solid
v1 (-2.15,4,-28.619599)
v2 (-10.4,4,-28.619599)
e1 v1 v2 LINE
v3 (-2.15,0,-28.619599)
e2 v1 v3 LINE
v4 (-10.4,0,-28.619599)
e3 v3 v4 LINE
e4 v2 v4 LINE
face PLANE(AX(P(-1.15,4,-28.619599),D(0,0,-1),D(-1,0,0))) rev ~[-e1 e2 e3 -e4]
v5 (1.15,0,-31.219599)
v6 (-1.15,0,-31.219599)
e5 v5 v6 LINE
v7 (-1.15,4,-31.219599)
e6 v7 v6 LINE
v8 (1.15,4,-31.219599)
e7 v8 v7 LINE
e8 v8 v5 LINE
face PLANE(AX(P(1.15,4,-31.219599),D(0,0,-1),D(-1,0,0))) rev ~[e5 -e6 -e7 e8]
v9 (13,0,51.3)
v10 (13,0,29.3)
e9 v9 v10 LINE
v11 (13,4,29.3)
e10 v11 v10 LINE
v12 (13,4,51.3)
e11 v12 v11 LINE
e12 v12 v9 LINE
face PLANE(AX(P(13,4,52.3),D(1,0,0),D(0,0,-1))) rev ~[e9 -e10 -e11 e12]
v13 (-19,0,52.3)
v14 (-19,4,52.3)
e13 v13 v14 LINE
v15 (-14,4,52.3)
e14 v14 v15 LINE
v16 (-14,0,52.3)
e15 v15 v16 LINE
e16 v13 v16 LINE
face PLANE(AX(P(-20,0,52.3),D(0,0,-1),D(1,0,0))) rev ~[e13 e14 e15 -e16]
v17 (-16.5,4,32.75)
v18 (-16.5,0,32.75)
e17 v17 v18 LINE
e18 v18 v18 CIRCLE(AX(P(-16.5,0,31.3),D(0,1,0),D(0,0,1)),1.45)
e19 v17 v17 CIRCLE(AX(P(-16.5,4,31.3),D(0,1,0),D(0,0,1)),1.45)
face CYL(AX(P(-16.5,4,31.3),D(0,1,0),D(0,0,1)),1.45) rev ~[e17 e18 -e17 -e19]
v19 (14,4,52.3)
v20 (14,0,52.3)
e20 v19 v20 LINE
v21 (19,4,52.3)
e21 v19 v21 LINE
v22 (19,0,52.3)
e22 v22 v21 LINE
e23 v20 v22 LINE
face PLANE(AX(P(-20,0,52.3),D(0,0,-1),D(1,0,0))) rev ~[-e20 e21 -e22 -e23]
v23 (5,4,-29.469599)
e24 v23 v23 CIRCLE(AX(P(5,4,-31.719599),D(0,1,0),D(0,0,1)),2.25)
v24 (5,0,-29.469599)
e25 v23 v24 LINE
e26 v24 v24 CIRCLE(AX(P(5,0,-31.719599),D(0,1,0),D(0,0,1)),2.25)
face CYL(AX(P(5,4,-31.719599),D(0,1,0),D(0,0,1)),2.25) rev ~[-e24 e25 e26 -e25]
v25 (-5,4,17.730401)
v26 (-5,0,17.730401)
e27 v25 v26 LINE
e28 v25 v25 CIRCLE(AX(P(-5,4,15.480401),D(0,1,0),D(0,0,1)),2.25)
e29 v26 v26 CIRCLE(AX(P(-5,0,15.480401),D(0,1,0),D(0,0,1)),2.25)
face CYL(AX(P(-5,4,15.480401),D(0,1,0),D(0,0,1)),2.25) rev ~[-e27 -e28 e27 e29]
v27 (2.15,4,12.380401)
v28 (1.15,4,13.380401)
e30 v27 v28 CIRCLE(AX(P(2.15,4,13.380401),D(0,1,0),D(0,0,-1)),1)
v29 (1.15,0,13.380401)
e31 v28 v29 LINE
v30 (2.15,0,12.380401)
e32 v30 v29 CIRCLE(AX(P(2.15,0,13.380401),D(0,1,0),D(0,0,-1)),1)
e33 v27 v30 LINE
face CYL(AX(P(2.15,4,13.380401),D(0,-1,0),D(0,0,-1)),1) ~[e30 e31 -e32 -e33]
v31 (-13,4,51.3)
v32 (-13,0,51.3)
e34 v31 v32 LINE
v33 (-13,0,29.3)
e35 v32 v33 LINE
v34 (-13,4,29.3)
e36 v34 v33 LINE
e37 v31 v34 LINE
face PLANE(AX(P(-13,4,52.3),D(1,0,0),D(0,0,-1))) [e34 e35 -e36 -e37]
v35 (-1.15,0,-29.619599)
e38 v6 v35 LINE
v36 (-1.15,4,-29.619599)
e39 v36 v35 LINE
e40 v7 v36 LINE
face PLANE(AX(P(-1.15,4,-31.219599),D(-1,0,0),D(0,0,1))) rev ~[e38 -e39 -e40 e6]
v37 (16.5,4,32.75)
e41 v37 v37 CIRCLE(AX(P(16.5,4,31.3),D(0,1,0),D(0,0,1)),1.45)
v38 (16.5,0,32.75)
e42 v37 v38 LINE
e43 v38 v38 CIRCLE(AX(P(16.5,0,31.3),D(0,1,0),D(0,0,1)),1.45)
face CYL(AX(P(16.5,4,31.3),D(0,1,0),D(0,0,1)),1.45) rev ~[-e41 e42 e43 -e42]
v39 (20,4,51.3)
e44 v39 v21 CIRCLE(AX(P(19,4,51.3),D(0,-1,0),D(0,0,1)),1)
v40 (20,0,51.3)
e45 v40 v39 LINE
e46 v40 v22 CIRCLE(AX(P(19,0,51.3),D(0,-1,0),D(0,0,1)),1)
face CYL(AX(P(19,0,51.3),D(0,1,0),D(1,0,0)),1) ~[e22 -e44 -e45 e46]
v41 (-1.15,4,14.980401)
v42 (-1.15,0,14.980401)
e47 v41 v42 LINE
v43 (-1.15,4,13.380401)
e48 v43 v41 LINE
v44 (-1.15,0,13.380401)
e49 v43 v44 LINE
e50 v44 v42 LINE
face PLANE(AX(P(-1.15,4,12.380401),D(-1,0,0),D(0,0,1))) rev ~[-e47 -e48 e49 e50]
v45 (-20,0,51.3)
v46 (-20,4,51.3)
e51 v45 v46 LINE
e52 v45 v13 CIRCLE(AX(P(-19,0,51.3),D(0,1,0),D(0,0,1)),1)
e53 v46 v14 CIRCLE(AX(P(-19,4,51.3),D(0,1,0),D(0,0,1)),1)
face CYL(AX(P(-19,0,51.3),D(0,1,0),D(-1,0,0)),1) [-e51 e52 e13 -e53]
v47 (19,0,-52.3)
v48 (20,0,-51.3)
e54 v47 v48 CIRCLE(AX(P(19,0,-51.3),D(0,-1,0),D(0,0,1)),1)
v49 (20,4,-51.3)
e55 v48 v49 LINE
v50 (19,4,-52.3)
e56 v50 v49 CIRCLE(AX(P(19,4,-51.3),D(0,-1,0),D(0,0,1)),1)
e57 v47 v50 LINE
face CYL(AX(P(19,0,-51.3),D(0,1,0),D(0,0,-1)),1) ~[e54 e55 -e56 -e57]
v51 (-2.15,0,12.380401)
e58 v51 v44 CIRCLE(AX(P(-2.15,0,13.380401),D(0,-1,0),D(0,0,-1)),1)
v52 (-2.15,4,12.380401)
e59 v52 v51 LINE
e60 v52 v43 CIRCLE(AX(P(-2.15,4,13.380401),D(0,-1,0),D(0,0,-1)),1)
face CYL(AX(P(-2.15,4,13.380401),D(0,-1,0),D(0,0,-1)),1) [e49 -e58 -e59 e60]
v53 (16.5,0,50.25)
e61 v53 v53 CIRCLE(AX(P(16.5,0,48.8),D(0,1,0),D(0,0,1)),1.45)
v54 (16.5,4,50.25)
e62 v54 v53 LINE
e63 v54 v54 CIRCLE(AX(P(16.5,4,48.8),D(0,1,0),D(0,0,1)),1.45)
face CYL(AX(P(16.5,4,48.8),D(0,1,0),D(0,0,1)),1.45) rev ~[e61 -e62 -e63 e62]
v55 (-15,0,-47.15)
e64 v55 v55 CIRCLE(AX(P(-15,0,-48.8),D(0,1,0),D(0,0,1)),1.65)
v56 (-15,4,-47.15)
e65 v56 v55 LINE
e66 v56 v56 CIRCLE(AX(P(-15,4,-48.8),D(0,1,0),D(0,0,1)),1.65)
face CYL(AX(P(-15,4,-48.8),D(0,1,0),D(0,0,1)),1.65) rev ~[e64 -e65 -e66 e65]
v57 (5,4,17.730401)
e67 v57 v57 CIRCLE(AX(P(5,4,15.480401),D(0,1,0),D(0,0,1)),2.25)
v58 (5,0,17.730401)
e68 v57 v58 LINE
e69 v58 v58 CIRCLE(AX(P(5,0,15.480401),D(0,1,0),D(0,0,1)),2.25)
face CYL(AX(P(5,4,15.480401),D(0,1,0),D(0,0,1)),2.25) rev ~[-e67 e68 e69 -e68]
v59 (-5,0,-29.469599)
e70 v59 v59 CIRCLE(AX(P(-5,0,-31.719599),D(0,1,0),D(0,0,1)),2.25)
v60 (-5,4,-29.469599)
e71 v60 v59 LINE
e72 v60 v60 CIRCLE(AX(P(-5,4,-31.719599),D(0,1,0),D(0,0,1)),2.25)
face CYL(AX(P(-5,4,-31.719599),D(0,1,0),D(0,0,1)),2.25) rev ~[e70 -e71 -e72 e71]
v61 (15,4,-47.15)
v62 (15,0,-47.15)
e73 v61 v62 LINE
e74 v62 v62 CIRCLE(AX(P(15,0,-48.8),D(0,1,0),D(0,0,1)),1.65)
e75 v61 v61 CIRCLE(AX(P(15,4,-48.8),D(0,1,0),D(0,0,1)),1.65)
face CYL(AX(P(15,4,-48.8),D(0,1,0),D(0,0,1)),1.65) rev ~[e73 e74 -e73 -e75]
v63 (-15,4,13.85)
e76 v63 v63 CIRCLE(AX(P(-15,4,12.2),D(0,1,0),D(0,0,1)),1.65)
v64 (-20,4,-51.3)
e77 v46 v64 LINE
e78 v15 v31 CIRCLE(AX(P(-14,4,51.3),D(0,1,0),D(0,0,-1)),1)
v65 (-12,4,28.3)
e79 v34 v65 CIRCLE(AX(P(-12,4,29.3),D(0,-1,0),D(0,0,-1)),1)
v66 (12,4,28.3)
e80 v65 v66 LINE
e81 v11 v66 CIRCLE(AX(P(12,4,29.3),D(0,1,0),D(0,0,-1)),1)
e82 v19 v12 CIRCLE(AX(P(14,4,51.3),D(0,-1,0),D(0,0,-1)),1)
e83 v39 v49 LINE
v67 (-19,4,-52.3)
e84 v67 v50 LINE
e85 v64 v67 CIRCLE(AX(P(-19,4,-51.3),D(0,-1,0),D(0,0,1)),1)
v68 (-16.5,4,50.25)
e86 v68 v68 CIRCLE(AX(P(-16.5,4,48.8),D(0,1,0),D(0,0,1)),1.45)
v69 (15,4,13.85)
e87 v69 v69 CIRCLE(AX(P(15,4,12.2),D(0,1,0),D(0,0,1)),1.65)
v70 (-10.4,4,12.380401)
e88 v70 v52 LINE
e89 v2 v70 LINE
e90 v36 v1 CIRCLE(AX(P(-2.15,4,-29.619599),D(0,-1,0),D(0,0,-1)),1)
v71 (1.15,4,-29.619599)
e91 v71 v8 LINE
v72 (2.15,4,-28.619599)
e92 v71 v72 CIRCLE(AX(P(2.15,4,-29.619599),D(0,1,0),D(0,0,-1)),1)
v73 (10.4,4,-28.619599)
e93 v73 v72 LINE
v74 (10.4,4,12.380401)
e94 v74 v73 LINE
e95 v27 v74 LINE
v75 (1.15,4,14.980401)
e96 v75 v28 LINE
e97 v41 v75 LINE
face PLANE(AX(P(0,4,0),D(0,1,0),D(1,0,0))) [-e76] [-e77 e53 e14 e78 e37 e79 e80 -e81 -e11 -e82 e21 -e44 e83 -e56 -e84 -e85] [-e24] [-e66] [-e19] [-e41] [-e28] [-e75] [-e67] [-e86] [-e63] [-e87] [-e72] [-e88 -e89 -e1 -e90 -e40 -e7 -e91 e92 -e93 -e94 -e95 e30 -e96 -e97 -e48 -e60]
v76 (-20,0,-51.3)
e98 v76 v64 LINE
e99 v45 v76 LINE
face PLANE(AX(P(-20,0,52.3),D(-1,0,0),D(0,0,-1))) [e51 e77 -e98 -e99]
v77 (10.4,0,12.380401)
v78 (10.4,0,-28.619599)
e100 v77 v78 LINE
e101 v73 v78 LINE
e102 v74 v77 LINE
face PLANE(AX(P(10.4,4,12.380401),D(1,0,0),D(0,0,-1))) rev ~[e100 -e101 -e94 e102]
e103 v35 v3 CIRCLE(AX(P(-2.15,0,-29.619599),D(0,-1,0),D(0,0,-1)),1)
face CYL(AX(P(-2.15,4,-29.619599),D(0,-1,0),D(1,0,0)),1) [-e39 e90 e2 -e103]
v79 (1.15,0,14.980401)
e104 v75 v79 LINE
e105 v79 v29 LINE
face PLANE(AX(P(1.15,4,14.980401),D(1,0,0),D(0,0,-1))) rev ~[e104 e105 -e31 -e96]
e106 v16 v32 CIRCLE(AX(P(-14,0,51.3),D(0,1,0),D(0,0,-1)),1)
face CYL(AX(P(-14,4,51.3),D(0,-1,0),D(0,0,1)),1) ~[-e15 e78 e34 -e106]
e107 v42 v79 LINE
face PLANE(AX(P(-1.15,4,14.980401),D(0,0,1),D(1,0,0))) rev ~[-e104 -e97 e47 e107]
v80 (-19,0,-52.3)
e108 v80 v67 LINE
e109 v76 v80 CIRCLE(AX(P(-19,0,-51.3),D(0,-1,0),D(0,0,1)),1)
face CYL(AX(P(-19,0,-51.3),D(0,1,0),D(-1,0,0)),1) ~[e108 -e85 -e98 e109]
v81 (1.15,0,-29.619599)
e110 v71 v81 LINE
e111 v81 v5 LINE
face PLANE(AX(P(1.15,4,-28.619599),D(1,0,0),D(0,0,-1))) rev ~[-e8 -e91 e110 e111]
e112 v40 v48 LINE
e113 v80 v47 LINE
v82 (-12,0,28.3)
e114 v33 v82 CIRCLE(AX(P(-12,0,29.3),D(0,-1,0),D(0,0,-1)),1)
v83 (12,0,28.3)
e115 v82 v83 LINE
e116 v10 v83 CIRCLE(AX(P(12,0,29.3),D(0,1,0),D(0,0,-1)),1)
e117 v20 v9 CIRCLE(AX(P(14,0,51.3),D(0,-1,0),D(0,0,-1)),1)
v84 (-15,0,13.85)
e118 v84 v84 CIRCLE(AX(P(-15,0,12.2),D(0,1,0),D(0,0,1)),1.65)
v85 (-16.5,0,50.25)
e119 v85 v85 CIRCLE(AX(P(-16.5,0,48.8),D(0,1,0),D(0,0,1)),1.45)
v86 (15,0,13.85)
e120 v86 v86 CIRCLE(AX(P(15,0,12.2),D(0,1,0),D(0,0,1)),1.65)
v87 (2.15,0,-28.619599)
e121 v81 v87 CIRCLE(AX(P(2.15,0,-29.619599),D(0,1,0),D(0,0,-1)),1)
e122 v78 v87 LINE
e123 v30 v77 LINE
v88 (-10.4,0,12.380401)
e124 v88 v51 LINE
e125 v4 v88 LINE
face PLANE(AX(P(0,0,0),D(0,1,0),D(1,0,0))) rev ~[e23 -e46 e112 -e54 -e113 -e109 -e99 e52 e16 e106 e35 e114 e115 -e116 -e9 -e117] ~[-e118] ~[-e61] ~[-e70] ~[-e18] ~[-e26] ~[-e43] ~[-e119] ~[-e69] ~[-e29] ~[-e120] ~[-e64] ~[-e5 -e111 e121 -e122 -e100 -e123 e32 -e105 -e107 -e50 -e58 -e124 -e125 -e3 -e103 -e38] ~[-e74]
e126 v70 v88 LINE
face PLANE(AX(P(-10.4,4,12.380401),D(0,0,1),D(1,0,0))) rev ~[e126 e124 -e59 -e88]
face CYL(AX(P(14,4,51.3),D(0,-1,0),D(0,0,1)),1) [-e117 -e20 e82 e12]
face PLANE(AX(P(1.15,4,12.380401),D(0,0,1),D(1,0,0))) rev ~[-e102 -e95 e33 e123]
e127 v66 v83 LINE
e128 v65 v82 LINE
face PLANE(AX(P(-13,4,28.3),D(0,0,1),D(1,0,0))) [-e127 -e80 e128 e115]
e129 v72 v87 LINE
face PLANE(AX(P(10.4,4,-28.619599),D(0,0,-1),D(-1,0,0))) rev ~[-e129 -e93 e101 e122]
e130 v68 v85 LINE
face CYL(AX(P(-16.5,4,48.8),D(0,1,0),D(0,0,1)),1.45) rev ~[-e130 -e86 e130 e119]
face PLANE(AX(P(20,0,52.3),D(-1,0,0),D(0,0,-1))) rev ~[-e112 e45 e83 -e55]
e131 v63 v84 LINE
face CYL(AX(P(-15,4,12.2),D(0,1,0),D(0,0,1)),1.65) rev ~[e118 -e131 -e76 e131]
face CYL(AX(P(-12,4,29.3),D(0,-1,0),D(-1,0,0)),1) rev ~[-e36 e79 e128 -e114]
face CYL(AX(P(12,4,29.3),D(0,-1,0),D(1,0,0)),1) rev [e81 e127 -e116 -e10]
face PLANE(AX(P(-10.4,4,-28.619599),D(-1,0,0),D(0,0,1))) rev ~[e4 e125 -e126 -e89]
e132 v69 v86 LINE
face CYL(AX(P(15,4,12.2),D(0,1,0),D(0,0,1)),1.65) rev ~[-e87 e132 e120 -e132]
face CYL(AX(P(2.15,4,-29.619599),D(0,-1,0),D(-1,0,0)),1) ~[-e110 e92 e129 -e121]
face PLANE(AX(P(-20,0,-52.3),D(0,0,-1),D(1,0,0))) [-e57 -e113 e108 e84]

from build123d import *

# Parameters (mm, degrees)
SKETCH1_W           = 40
SKETCH1_H           = 104.6
BOSS_EXTRUDE1_DEPTH = 4
SKETCH2_R           = 1.65
CUT_EXTRUDE1_DEPTH  = 57.136351859
SKETCH3_R           = 2.25
CUT_EXTRUDE2_DEPTH  = 57.136351859
SKETCH4_R           = 1.45
SKETCH4_W           = 26
SKETCH4_H           = 24
CUT_EXTRUDE3_DEPTH  = 57.136351859
FILLET1_R           = 1


with BuildPart() as part:
    # Sketch1 → Boss-Extrude1 (new body)
    with BuildSketch(Plane(origin=(0, 0, 0), x_dir=(1, 0, 0), z_dir=(0, 1, 0))):
        Rectangle(SKETCH1_W, SKETCH1_H)
    extrude(amount=BOSS_EXTRUDE1_DEPTH)

    # Sketch2 → Cut-Extrude1 (cut, through all)
    with BuildSketch(Plane(origin=(0, 4, 0), x_dir=(1, 0, 0), z_dir=(0, 1, 0))):
        with Locations(Location((-15, 48.8, 0), (0, 0, 270))):
            Circle(SKETCH2_R)
        with Locations(Location((15, 48.8, 0), (0, 0, 270))):
            Circle(SKETCH2_R)
        with Locations(Location((-15, -12.2, 0), (0, 0, 270))):
            Circle(SKETCH2_R)
        with Locations(Location((15, -12.2, 0), (0, 0, 270))):
            Circle(SKETCH2_R)
    extrude(amount=-CUT_EXTRUDE1_DEPTH, mode=Mode.SUBTRACT)

    # Sketch3 → Cut-Extrude2 (cut, through all)
    with BuildSketch(Plane(origin=(0, 4, 0), x_dir=(1, 0, 0), z_dir=(0, 1, 0))):
        with Locations(Location((-5, 31.71959884, 0), (0, 0, 270))):
            Circle(SKETCH3_R)
        with Locations(Location((5, 31.71959884, 0), (0, 0, 270))):
            Circle(SKETCH3_R)
        with Locations(Location((-5, -15.48040116, 0), (0, 0, 270))):
            Circle(SKETCH3_R)
        with Locations(Location((5, -15.48040116, 0), (0, 0, 270))):
            Circle(SKETCH3_R)
        Polygon((-1.15, 31.21959884), (-1.15, 28.61959884), (-10.4, 28.61959884), (-10.4, -12.38040116), (-1.15, -12.38040116), (-1.15, -14.98040116), (1.15, -14.98040116), (1.15, -12.38040116), (10.4, -12.38040116), (10.4, 28.61959884), (1.15, 28.61959884), (1.15, 31.21959884), align=None)
    extrude(amount=-CUT_EXTRUDE2_DEPTH, mode=Mode.SUBTRACT)

    # Sketch4 → Cut-Extrude3 (cut, through all)
    with BuildSketch(Plane(origin=(0, 4, 0), x_dir=(1, 0, 0), z_dir=(0, 1, 0))):
        with Locations(Location((-16.5, -31.3, 0), (0, 0, 270))):
            Circle(SKETCH4_R)
        with Locations(Location((-16.5, -48.8, 0), (0, 0, 270))):
            Circle(SKETCH4_R)
        with Locations(Location((16.5, -31.3, 0), (0, 0, 270))):
            Circle(SKETCH4_R)
        with Locations(Location((16.5, -48.8, 0), (0, 0, 270))):
            Circle(SKETCH4_R)
        with Locations((0, -40.3)):
            Rectangle(SKETCH4_W, SKETCH4_H)
    extrude(amount=-CUT_EXTRUDE3_DEPTH, mode=Mode.SUBTRACT)

    # Fillet1
    fillet1_edges = [part.edges().sort_by_distance(p)[0] for p in [
        (-13, 2, 52.3),
        (-13, 2, 28.3),
        (13, 2, 28.3),
        (13, 2, 52.3),
        (1.15, 2, 12.38040116),
        (-1.15, 2, 12.38040116),
        (-1.15, 2, -28.61959884),
        (1.15, 2, -28.61959884),
        (20, 2, 52.3),
        (-20, 2, 52.3),
        (-20, 2, -52.3),
        (20, 2, -52.3),
    ]]
    fillet(fillet1_edges, radius=FILLET1_R)


solid = part.part
